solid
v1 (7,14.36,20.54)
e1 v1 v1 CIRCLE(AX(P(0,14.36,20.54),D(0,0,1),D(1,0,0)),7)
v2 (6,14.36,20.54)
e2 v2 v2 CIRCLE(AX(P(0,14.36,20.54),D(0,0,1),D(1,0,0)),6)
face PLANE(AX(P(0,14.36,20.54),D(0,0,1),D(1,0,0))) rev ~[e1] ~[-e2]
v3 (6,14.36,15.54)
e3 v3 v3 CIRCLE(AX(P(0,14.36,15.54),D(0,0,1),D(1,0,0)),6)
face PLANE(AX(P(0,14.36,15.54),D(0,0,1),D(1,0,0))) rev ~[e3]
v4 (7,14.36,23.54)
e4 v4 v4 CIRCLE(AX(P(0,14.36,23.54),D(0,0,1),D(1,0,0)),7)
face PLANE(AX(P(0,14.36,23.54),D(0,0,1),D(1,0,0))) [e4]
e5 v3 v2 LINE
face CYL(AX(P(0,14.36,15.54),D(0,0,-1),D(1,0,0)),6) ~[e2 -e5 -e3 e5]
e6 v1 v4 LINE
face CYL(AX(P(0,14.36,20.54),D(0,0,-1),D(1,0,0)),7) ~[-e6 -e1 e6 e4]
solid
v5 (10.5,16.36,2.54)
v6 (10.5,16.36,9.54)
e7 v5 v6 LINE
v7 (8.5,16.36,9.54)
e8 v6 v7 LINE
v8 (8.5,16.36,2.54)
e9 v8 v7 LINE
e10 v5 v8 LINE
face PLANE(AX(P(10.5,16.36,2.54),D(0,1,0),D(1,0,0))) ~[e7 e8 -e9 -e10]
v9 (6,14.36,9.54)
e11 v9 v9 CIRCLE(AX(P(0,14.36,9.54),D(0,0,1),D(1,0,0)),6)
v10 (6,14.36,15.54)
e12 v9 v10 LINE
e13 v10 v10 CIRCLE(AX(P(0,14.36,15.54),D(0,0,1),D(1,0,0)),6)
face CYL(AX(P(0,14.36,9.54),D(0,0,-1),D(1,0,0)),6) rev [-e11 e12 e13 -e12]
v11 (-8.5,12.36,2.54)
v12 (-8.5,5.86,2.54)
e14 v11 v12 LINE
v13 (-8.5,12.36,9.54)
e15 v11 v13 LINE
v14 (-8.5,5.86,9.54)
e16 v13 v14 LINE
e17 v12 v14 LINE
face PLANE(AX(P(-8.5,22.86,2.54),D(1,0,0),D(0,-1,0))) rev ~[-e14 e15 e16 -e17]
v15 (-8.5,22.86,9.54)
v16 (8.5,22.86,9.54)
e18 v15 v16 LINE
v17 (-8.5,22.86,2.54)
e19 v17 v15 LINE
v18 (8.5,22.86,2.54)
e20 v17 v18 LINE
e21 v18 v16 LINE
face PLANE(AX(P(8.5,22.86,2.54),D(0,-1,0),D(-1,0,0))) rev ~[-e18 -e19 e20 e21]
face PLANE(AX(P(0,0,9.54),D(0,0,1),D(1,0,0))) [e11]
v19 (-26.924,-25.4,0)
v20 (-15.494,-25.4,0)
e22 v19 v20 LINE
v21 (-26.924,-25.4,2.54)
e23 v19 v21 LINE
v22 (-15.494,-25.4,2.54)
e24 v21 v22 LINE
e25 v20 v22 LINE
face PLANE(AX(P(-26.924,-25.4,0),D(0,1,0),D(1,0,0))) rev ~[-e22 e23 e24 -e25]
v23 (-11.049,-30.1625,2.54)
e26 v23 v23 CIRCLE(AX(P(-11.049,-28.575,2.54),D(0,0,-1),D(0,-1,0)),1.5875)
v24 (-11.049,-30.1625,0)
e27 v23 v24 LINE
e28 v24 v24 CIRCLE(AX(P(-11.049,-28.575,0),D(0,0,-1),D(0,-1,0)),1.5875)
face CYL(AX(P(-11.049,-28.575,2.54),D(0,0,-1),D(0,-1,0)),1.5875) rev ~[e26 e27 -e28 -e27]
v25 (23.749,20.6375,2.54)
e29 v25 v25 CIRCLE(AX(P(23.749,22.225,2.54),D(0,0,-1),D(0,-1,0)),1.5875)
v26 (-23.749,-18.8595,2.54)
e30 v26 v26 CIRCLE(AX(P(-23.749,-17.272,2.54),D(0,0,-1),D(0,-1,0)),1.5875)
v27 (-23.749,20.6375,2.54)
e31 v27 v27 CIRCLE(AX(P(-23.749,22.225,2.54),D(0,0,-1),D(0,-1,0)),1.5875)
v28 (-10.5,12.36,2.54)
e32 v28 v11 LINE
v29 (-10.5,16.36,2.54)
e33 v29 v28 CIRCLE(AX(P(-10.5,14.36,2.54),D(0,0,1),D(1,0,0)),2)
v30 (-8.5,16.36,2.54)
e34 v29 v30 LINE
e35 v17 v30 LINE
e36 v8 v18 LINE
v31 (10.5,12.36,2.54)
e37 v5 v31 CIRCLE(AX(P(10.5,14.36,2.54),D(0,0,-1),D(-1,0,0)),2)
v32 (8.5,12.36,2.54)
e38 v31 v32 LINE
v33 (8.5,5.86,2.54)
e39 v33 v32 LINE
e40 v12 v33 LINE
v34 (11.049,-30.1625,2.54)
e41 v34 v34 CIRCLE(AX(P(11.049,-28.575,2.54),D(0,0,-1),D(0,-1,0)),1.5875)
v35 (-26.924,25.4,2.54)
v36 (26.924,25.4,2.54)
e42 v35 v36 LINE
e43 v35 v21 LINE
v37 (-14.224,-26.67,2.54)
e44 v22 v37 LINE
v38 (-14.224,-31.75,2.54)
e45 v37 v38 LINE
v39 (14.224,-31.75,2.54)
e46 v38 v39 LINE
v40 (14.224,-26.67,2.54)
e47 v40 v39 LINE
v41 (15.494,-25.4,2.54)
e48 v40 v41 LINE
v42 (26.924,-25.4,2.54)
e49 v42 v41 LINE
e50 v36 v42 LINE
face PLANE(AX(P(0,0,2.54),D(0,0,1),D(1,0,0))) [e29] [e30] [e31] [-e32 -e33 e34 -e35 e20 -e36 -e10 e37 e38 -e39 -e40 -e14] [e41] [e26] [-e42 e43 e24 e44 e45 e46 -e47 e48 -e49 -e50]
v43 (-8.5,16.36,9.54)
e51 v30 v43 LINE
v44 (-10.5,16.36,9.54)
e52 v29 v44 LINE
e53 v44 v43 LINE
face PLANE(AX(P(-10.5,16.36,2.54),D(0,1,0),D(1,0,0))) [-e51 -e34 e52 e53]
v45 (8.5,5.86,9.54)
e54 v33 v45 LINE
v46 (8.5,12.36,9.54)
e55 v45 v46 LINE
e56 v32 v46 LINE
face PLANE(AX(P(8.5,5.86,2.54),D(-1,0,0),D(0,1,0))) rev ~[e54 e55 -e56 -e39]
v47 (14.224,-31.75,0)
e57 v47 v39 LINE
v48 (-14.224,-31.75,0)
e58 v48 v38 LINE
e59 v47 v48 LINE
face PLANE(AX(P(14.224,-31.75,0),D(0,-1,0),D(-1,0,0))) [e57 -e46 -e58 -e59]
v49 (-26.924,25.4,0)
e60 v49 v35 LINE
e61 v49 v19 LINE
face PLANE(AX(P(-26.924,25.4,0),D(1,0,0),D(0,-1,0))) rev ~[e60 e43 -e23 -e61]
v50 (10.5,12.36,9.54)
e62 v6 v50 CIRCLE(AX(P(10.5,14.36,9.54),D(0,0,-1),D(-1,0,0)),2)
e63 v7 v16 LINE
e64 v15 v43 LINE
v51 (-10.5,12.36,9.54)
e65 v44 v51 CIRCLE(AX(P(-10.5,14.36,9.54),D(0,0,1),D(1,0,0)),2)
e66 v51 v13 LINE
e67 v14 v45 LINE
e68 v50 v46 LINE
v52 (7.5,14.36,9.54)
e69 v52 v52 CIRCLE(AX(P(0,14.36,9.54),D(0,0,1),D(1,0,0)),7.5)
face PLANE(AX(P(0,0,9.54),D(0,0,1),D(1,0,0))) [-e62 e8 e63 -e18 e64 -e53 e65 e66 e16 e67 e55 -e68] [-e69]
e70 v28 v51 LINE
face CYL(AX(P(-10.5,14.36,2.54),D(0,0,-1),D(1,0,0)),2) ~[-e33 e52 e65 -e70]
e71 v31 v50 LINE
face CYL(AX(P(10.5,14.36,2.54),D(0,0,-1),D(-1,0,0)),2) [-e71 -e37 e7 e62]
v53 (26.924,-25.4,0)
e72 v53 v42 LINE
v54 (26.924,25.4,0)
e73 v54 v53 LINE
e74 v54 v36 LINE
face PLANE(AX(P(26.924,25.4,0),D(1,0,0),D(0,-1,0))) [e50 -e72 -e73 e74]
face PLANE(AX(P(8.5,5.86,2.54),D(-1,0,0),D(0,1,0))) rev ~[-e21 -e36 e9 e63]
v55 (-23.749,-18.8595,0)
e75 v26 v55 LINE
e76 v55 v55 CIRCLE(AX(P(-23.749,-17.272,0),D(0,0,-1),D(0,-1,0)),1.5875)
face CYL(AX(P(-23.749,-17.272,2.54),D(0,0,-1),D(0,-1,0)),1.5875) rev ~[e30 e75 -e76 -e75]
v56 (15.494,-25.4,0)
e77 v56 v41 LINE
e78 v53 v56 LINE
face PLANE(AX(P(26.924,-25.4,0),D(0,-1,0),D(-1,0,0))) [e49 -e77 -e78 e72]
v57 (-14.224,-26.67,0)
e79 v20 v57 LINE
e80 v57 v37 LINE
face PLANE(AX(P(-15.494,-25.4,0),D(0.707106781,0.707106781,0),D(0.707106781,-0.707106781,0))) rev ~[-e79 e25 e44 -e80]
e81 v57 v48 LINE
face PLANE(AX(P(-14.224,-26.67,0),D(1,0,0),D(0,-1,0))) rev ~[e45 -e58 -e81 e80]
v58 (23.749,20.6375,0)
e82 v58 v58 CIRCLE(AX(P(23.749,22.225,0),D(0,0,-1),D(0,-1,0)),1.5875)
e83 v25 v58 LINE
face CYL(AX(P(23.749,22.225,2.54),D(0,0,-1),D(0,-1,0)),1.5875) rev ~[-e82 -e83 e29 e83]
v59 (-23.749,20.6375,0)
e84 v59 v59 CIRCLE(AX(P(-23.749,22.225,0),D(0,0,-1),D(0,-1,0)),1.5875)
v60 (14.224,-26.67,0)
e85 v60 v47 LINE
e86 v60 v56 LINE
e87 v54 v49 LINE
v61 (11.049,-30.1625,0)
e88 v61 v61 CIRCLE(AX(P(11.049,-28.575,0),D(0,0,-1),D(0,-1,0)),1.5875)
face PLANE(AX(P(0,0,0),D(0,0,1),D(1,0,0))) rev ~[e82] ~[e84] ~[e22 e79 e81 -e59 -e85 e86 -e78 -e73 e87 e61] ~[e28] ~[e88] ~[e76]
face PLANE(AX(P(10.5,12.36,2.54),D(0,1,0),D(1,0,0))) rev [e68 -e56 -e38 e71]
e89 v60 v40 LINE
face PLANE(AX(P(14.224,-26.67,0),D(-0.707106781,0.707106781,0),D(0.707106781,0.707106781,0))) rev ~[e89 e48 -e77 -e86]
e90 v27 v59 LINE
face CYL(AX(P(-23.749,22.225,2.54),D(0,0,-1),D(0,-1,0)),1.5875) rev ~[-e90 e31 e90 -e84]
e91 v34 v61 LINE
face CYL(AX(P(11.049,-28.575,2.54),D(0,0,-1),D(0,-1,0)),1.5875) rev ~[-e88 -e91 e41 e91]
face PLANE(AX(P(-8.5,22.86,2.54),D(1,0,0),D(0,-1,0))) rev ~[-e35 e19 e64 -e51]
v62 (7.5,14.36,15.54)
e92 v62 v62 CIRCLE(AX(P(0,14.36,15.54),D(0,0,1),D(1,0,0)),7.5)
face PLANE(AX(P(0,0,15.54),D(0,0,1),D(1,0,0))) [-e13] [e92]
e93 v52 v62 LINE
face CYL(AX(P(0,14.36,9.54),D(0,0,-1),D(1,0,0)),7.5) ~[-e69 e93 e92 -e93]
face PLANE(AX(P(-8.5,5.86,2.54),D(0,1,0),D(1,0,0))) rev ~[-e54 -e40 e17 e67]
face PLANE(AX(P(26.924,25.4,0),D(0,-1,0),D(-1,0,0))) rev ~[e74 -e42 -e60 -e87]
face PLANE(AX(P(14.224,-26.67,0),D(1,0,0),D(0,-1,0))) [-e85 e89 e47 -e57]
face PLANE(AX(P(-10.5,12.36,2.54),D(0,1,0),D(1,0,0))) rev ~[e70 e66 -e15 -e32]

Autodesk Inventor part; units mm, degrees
ref_plane "YZ Plane" through (0, 0, 0) normal (1, 0, 0) x (0, 1, 0)
ref_plane "XZ Plane" through (0, 0, 0) normal (0, 1, 0) x (-1, 0, 0)
ref_plane "XY Plane" through (0, 0, 0) normal (0, 0, 1) x (1, 0, 0)
sketch "Sketch1" plane through (0, 0, 0) normal (0, 0, 1) x (1, 0, 0)
  line L0 (26.924, 25.4) -> (26.924, -25.4)
  line L1 (26.924, -25.4) -> (15.494, -25.4)
  line L2 (14.224, -26.67) -> (14.224, -31.75)
  line L3 (14.224, -31.75) -> (0, -31.75)
  line L4 (26.924, 25.4) -> (0, 25.4)
  line L5 (-26.924, 25.4) -> (-26.924, -25.4)
  line L6 (-26.924, -25.4) -> (-15.494, -25.4)
  line L7 (-14.224, -26.67) -> (-14.224, -31.75)
  line L8 (-14.224, -31.75) -> (0, -31.75)
  line L9 (-26.924, 25.4) -> (0, 25.4)
  line L10 (-15.494, -25.4) -> (-14.224, -26.67)
  line L11 (14.224, -26.67) -> (15.494, -25.4)
  point P0 (0, 0)
  point P1 (14.224, -25.4)
  point P2 (-14.224, -25.4)
extrude "Extrusion1" add sketch "Sketch1" along normal blind 2.54
sketch "Sketch2" plane through (0, 0, 2.54) normal (0, 0, 1) x (1, 0, 0)
  point P0 (0, 0)
  point P1 (26.924, 25.4)
  point P2 (-23.749, 22.225)
  point P3 (23.749, 22.225)
  point P4 (-23.749, -17.272)
  point P5 (-11.049, -28.575)
  point P6 (11.049, -28.575)
hole "Hole1" at (-23.749, 22.225, 2.54) at (23.749, 22.225, 2.54) at (-23.749, -17.272, 2.54) at (-11.049, -28.575, 2.54) at (11.049, -28.575, 2.54) direction (0, 0, -1) diameter 3.175 end through all
sketch "Sketch3" plane through (0, 0, 2.54) normal (0, 0, 1) x (1, 0, 0)
  line L0 (26.924, 25.4) -> (-26.924, 25.4) projected
  line L1 (0, 25.4) -> (0, 22.86)
  line L2 (0, 22.86) -> (0, 14.36)
  line L3 (-8.5, 5.86) -> (8.5, 5.86)
  line L4 (8.5, 5.86) -> (8.5, 22.86)
  line L5 (8.5, 22.86) -> (-8.5, 22.86)
  line L6 (-8.5, 22.86) -> (-8.5, 5.86)
  line L7 (-8.5, 5.86) -> (8.5, 22.86) construction
  line L8 (8.5, 5.86) -> (-8.5, 22.86) construction
  point P0 (0, 0)
  dimension "d27" = 2.54
  dimension "d28" = 8.5
  dimension "d29" = 17
extrude "Extrusion2" add sketch "Sketch3" along normal blind 7
sketch "Sketch4" plane through (0, 0, 9.54) normal (0, 0, 1) x (1, 0, 0)
  circle A0 centre (0, 14.36) radius 7.5
  circle A1 centre (0, 14.36) radius 6
  point P0 (0, 0)
  dimension "d32" = 15
  dimension "d33" = 12
extrude "Extrusion3" add sketch "Sketch4" along normal blind 6
sketch "Sketch5" plane through (0, 14.36, 15.54) normal (0, 0, 1) x (1, 0, 0)
  circle A0 centre (0, 0) radius 6
  point P0 (0, -14.36)
extrude "Extrusion4" add sketch "Sketch5" along normal blind 5
sketch "Sketch6" plane through (0, 14.36, 20.54) normal (0, 0, 1) x (1, 0, 0)
  circle A0 centre (0, 0) radius 7
  point P0 (0, -14.36)
  dimension "d38" = 14
extrude "Extrusion5" add sketch "Sketch6" along normal blind 3
sketch "Sketch7" plane through (0, 0, 2.54) normal (0, 0, 1) x (1, 0, 0)
  line L0 (-8.5, 22.86) -> (-8.5, 5.86) projected
  line L1 (-8.5, 14.36) -> (-10.5, 14.36)
  circle A0 centre (-10.5, 14.36) radius 2
  line L2 (-10.5, 16.36) -> (-8.5, 16.36)
  line L3 (-10.5, 12.36) -> (-8.5, 12.36)
  point P0 (0, 0)
  dimension "d41" = 2
extrude "Extrusion6" add sketch "Sketch7" along normal up to surface (7 mm away)
mirror "Mirror1" about plane through (0, 0, 0) normal (1, 0, 0) of "Extrusion6"
properties part number "pixy-cam"
